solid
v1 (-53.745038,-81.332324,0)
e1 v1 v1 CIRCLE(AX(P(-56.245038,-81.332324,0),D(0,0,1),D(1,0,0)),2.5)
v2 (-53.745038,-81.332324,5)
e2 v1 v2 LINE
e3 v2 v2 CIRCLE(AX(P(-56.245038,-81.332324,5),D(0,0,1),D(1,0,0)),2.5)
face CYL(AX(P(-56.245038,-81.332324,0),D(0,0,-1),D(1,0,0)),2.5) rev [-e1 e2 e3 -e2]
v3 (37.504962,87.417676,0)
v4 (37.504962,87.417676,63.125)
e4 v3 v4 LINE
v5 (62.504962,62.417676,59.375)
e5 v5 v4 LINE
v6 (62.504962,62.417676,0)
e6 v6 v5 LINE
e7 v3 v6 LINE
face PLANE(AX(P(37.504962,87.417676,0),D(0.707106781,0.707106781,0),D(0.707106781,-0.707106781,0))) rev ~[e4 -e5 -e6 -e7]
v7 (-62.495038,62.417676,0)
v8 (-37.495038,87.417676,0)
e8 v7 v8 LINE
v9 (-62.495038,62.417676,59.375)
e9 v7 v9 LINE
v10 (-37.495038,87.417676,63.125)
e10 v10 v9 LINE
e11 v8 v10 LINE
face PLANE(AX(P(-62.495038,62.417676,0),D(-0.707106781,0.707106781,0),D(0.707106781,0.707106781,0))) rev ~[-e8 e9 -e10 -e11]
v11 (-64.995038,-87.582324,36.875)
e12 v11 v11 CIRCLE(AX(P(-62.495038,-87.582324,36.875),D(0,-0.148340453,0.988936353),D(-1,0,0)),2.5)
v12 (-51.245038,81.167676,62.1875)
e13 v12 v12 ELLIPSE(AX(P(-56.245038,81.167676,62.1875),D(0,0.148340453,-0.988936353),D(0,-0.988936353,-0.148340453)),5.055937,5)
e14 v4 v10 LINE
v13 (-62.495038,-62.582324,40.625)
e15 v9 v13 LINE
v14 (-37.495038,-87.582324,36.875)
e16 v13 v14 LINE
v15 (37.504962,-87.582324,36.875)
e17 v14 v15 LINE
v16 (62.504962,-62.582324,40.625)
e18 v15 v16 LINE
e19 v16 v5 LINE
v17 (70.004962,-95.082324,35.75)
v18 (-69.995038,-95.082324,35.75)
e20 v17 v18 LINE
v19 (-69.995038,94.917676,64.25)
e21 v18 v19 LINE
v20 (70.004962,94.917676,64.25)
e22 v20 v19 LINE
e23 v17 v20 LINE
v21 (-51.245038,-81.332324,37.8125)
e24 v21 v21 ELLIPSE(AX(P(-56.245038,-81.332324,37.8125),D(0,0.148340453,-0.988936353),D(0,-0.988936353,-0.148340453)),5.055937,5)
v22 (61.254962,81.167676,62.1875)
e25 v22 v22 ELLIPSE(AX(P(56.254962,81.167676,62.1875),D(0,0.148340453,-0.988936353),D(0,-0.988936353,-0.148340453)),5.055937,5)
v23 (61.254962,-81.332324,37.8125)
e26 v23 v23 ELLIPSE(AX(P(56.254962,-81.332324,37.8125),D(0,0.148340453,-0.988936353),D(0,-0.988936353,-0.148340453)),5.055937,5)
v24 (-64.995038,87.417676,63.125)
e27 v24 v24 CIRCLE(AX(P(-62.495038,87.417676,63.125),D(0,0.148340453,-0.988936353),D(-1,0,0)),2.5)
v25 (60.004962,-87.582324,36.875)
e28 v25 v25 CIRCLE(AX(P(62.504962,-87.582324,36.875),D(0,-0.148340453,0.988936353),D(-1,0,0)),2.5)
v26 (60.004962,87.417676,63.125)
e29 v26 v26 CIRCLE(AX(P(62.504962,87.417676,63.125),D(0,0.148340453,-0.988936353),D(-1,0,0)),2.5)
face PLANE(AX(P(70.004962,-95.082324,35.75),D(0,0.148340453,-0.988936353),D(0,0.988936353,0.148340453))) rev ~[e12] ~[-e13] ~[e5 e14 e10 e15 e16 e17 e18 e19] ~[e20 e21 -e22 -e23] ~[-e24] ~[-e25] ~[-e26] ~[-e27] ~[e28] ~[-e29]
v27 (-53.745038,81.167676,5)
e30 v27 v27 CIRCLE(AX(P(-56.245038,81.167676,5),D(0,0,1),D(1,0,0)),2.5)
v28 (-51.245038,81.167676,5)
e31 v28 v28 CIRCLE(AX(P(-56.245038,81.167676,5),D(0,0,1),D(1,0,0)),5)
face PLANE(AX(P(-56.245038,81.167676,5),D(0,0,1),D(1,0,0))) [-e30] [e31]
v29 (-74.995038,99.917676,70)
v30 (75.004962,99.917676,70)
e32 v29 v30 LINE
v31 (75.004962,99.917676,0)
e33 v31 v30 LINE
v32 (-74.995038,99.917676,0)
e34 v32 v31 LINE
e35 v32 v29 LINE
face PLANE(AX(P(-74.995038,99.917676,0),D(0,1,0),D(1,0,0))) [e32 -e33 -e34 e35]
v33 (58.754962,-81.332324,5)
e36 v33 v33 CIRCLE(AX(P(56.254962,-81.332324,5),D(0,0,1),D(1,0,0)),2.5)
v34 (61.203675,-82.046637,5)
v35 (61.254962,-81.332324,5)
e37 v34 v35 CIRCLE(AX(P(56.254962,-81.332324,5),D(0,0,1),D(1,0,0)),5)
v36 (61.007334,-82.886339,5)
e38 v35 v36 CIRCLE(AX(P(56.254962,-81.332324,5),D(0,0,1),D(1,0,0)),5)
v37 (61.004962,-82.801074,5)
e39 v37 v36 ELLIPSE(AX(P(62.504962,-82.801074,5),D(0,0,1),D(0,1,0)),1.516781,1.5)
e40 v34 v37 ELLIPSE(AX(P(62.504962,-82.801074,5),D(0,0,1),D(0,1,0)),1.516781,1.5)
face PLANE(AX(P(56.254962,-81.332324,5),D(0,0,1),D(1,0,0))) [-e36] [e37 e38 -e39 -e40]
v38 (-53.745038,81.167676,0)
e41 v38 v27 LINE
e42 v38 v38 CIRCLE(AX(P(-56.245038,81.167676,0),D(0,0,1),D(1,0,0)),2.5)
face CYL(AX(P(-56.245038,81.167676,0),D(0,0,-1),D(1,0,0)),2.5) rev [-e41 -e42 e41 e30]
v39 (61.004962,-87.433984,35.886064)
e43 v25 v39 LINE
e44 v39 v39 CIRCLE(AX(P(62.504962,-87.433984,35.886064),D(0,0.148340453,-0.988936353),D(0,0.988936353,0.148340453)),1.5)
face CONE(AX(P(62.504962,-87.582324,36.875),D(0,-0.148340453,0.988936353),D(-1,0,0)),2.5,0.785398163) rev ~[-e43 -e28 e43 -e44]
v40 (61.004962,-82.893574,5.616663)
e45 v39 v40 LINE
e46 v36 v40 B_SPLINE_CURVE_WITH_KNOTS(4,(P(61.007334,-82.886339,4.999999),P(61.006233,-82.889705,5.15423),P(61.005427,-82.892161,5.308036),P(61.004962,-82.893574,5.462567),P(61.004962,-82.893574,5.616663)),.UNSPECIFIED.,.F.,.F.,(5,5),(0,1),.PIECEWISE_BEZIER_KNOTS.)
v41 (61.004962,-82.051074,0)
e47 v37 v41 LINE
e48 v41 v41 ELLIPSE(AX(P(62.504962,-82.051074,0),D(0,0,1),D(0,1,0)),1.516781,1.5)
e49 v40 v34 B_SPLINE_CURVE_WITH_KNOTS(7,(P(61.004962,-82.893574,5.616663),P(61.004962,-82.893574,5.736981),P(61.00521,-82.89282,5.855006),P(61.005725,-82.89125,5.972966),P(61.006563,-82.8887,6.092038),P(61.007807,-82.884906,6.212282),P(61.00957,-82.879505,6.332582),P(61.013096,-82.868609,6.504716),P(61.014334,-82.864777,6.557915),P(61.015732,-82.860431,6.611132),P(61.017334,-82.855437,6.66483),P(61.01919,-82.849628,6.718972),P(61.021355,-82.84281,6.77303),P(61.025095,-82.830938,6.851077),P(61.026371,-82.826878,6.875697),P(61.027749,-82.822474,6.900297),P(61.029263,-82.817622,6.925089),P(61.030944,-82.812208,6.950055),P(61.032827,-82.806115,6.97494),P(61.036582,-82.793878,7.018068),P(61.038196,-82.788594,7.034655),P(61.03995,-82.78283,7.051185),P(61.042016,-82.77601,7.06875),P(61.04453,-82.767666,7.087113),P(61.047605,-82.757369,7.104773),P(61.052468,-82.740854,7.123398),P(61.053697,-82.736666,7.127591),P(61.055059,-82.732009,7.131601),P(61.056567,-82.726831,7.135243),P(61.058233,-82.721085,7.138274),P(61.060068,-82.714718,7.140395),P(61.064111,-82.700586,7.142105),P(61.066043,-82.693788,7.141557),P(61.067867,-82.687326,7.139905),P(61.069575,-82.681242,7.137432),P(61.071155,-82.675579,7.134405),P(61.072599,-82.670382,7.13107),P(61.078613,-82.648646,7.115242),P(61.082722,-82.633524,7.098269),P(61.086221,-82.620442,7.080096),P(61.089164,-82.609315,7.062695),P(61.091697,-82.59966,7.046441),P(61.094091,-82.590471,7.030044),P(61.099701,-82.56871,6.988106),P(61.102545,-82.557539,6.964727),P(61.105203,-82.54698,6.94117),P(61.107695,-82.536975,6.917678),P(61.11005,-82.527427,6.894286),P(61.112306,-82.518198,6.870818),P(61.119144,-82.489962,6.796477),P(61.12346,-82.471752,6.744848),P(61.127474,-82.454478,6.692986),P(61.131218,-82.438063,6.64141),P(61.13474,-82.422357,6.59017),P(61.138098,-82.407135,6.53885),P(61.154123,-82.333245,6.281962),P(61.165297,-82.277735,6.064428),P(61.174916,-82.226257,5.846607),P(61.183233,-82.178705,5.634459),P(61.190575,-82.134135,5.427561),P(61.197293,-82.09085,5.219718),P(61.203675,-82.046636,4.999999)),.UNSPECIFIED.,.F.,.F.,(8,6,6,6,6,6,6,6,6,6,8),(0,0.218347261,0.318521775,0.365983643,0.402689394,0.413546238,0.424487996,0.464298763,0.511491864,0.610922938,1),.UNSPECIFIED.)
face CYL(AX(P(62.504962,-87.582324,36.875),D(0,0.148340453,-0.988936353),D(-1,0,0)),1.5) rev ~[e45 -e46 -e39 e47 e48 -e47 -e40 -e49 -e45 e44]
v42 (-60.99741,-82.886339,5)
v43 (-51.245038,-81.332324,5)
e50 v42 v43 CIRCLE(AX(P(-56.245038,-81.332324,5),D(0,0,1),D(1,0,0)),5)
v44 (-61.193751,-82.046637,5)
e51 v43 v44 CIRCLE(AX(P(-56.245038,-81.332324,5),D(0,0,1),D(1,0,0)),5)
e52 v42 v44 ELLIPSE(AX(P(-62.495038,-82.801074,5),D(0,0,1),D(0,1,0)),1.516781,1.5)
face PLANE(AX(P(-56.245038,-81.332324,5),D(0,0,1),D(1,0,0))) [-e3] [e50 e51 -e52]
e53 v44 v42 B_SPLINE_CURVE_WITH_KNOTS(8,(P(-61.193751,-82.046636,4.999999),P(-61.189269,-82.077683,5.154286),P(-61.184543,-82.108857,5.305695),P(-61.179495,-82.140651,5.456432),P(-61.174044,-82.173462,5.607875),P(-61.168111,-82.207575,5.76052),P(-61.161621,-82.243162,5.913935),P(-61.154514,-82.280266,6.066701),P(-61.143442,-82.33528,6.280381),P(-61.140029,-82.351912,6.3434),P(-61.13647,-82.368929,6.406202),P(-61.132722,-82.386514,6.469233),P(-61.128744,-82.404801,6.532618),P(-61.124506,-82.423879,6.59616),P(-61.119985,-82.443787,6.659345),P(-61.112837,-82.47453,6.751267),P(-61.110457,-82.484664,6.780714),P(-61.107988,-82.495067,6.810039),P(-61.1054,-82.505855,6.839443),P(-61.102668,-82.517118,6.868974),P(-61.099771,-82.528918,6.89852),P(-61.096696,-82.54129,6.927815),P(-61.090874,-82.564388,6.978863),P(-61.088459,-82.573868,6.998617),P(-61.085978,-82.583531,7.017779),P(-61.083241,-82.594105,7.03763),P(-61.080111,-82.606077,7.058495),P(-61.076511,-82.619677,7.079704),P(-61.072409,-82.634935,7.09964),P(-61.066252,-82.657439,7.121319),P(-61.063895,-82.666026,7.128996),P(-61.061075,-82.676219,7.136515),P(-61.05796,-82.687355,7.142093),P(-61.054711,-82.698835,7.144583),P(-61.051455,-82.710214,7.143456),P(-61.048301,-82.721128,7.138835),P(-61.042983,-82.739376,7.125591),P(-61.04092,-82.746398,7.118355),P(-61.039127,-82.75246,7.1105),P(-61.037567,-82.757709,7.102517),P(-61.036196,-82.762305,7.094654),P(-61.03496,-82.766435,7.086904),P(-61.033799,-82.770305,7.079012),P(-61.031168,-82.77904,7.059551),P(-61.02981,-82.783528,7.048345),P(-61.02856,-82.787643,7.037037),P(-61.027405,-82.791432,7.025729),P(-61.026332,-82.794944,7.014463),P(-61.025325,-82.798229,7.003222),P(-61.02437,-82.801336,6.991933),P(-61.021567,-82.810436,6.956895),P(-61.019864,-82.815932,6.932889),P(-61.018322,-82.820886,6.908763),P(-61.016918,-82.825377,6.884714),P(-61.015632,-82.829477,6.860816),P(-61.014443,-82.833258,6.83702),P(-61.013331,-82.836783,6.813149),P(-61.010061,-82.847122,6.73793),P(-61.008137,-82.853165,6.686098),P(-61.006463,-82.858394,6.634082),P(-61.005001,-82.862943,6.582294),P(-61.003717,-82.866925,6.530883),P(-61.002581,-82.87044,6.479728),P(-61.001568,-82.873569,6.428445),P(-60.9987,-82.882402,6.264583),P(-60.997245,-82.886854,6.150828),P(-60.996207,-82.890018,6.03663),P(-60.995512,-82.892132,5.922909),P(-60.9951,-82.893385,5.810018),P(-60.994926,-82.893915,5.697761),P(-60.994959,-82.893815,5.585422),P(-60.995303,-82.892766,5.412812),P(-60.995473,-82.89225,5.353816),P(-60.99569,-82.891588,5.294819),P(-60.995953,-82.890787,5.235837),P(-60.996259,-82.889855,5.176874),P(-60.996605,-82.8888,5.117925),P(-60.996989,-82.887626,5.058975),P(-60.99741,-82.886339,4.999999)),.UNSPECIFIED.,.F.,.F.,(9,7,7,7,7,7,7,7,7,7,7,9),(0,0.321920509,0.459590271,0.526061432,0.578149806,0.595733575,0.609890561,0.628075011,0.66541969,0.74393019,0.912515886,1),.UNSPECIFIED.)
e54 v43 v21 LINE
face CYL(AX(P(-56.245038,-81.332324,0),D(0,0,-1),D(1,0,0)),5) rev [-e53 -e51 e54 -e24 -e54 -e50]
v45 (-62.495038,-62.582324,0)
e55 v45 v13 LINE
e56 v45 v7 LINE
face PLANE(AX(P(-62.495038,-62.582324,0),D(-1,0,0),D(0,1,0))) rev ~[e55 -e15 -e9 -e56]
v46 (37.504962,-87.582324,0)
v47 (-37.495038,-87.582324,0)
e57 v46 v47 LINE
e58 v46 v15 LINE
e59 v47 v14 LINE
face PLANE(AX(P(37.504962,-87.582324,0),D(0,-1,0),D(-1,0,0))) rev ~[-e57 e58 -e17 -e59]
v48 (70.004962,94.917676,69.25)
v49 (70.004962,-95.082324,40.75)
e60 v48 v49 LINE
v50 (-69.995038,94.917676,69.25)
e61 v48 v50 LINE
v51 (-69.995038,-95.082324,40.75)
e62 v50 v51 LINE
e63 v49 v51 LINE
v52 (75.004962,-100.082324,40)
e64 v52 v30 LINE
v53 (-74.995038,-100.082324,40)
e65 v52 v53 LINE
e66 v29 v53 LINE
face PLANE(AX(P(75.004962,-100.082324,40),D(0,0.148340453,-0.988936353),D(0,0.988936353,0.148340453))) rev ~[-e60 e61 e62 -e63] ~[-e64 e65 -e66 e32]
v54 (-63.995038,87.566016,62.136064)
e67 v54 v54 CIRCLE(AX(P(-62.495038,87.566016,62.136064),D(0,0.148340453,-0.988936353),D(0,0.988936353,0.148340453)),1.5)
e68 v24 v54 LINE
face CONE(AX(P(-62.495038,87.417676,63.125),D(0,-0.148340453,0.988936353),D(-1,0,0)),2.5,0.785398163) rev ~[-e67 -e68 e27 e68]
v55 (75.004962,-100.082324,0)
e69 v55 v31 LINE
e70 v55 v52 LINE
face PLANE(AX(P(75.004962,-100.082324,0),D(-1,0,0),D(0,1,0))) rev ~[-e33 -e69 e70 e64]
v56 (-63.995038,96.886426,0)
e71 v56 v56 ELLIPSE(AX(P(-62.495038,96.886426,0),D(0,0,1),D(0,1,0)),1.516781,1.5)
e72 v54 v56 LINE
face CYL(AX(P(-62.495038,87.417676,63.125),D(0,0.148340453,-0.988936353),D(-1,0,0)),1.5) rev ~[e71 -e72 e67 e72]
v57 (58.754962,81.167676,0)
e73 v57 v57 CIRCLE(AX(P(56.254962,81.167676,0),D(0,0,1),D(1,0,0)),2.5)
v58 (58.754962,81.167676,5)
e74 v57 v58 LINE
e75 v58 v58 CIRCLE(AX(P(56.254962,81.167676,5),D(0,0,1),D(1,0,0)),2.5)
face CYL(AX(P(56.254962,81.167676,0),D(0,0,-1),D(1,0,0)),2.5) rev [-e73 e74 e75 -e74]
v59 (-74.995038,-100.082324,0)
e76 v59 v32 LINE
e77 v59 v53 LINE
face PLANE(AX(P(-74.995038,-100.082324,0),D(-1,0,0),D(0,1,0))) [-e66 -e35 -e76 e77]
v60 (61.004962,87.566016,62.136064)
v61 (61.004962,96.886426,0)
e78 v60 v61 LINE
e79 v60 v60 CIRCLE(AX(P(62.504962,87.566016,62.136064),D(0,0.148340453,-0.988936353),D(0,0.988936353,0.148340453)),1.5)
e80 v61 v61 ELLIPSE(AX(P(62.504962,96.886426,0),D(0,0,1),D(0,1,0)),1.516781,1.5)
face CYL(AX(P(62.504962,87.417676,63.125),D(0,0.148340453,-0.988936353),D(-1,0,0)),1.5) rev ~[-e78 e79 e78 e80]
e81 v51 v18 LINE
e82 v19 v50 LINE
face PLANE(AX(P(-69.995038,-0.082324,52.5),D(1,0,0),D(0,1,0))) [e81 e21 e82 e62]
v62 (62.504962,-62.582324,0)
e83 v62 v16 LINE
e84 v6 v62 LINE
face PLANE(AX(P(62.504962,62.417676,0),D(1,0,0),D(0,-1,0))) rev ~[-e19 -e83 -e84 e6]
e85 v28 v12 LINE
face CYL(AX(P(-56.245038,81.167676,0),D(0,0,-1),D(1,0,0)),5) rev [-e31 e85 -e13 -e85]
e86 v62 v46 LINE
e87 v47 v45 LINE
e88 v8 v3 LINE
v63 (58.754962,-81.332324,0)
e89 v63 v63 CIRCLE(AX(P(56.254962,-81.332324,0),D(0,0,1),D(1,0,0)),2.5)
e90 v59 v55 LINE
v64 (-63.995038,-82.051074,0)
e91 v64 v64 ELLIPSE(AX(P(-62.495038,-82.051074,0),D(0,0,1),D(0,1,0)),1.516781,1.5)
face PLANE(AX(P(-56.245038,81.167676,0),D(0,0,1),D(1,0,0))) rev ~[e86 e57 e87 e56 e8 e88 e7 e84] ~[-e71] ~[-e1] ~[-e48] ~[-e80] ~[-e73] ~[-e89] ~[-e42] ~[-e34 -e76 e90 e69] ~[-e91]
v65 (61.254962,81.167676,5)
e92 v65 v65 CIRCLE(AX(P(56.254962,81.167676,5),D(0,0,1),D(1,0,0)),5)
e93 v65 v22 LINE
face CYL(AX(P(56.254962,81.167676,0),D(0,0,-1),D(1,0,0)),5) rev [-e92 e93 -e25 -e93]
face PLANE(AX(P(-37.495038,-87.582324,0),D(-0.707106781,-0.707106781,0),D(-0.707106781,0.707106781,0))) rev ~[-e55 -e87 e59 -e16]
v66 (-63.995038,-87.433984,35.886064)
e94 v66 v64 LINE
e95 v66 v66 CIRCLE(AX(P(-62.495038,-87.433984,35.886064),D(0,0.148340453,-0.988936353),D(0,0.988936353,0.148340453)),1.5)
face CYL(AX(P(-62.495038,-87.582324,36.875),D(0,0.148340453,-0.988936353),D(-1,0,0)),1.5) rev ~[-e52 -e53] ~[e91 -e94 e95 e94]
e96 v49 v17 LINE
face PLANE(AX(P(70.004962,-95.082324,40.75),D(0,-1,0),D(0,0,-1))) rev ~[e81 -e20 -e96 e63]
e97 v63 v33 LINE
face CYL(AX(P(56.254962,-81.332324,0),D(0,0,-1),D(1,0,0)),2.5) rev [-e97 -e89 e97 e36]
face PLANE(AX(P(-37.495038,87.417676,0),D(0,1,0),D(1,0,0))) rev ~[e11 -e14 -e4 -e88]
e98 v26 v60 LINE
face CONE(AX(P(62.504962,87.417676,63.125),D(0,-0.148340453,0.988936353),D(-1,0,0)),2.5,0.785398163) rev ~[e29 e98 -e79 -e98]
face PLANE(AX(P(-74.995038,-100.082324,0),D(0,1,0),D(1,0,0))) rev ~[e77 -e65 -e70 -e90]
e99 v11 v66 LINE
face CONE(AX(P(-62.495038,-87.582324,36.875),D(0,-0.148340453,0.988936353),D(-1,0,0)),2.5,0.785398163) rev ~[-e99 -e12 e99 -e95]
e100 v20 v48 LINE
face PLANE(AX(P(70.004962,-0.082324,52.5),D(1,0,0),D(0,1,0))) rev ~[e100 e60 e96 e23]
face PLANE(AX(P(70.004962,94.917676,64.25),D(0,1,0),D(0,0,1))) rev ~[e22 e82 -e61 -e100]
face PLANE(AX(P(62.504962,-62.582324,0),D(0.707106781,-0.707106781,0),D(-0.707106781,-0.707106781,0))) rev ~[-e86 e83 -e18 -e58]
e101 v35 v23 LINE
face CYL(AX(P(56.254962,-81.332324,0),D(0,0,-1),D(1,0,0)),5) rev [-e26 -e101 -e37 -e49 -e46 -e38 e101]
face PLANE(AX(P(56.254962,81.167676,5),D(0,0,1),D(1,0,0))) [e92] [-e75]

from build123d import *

# Parameters (mm, degrees)
F0_W           = 150
F0_H           = 200
F0_W_2         = 137.5
F0_H_2         = 187.5
F0_R           = 5
F1_DEPTH       = 70
F3_DEPTH       = 155
F5_START       = -5
F5_DEPTH       = 140
F0_R_2         = 2.5
F6_DEPTH       = 5
F8_D           = 3
F8_CSINK_D     = 5
F8_CSINK_ANGLE = 90


with BuildPart() as f1:
    # F0 (on Top) → F1 (new body)
    with BuildSketch(Plane.XY):
        with Locations((0.0049619689, -0.0823242008)):
            Rectangle(F0_W, F0_H)
        with Locations((0.0049619689, -0.0823242008)):
            Rectangle(F0_W_2, F0_H_2, mode=Mode.SUBTRACT)
        with Locations((0.0049619689, -0.0823242008)):
            Rectangle(F0_W_2, F0_H_2)
        Polygon((-62.4950380311, 62.4176757992), (-62.4950380311, 87.4176757992), (-37.4950380311, 87.4176757992), (37.5049619689, 87.4176757992), (62.5049619689, 87.4176757992), (62.5049619689, 62.4176757992), (62.5049619689, -62.5823242008), (62.5049619689, -87.5823242008), (37.5049619689, -87.5823242008), (-37.4950380311, -87.5823242008), (-62.4950380311, -87.5823242008), (-62.4950380311, -62.5823242008), align=None, mode=Mode.SUBTRACT)
        Polygon((-37.4950380311, 87.4176757992), (-62.4950380311, 87.4176757992), (-62.4950380311, 62.4176757992), align=None)
        with Locations((-56.2450380311, 81.1676757992)):
            Circle(F0_R, mode=Mode.SUBTRACT)
        Polygon((62.5049619689, 87.4176757992), (37.5049619689, 87.4176757992), (62.5049619689, 62.4176757992), align=None)
        with Locations((56.2549619689, 81.1676757992)):
            Circle(F0_R, mode=Mode.SUBTRACT)
        Polygon((62.5049619689, -87.5823242008), (62.5049619689, -62.5823242008), (37.5049619689, -87.5823242008), align=None)
        with Locations((56.2549619689, -81.3323242008)):
            Circle(F0_R, mode=Mode.SUBTRACT)
        Polygon((-37.4950380311, -87.5823242008), (-62.4950380311, -62.5823242008), (-62.4950380311, -87.5823242008), align=None)
        with Locations((-56.2450380311, -81.3323242008)):
            Circle(F0_R, mode=Mode.SUBTRACT)
    extrude(amount=F1_DEPTH)

    # F2 (on face) → F3 (cut)
    with BuildSketch(Plane.YZ.offset(75.0049619689)):
        Polygon((-100.0823242008, 70), (-100.0823242008, 40), (99.9176757992, 70), align=None)
    extrude(amount=-F3_DEPTH, mode=Mode.SUBTRACT)

    # F4 (on face) → F5 (cut)
    with BuildSketch(Plane.YZ.offset(75.0049619689).offset(F5_START)):
        Polygon((94.9176757992, 69.25), (-95.0823242008, 40.75), (-95.0823242008, 35.75), (94.9176757992, 64.25), align=None)
    extrude(amount=-F5_DEPTH, mode=Mode.SUBTRACT)

    # F0 (on Top) → F6 (join)
    with BuildSketch(Plane.XY):
        with Locations((-56.2450380311, 81.1676757992)):
            Circle(F0_R)
        with Locations((-56.2450380311, 81.1676757992)):
            Circle(F0_R_2, mode=Mode.SUBTRACT)
        with Locations((56.2549619689, 81.1676757992)):
            Circle(F0_R)
        with Locations((56.2549619689, 81.1676757992)):
            Circle(F0_R_2, mode=Mode.SUBTRACT)
        with Locations((-56.2450380311, -81.3323242008)):
            Circle(F0_R)
        with Locations((-56.2450380311, -81.3323242008)):
            Circle(F0_R_2, mode=Mode.SUBTRACT)
        with Locations((56.2549619689, -81.3323242008)):
            Circle(F0_R)
        with Locations((56.2549619689, -81.3323242008)):
            Circle(F0_R_2, mode=Mode.SUBTRACT)
    extrude(amount=F6_DEPTH)

    # F8 (through all)
    with Locations(Plane(origin=(0, -7.3367748602, 48.9118324011), x_dir=(1, 0, 0), z_dir=(0, -0.1483404529, 0.9889363529))):
        with Locations((-62.4950380311, 95.8145085723), (62.5049619689, 95.8145085723), (62.5049619689, -81.143290069), (-62.4950380311, -81.143290069)):
            CounterSinkHole(F8_D / 2, F8_CSINK_D / 2, counter_sink_angle=F8_CSINK_ANGLE)


solid = f1.part
